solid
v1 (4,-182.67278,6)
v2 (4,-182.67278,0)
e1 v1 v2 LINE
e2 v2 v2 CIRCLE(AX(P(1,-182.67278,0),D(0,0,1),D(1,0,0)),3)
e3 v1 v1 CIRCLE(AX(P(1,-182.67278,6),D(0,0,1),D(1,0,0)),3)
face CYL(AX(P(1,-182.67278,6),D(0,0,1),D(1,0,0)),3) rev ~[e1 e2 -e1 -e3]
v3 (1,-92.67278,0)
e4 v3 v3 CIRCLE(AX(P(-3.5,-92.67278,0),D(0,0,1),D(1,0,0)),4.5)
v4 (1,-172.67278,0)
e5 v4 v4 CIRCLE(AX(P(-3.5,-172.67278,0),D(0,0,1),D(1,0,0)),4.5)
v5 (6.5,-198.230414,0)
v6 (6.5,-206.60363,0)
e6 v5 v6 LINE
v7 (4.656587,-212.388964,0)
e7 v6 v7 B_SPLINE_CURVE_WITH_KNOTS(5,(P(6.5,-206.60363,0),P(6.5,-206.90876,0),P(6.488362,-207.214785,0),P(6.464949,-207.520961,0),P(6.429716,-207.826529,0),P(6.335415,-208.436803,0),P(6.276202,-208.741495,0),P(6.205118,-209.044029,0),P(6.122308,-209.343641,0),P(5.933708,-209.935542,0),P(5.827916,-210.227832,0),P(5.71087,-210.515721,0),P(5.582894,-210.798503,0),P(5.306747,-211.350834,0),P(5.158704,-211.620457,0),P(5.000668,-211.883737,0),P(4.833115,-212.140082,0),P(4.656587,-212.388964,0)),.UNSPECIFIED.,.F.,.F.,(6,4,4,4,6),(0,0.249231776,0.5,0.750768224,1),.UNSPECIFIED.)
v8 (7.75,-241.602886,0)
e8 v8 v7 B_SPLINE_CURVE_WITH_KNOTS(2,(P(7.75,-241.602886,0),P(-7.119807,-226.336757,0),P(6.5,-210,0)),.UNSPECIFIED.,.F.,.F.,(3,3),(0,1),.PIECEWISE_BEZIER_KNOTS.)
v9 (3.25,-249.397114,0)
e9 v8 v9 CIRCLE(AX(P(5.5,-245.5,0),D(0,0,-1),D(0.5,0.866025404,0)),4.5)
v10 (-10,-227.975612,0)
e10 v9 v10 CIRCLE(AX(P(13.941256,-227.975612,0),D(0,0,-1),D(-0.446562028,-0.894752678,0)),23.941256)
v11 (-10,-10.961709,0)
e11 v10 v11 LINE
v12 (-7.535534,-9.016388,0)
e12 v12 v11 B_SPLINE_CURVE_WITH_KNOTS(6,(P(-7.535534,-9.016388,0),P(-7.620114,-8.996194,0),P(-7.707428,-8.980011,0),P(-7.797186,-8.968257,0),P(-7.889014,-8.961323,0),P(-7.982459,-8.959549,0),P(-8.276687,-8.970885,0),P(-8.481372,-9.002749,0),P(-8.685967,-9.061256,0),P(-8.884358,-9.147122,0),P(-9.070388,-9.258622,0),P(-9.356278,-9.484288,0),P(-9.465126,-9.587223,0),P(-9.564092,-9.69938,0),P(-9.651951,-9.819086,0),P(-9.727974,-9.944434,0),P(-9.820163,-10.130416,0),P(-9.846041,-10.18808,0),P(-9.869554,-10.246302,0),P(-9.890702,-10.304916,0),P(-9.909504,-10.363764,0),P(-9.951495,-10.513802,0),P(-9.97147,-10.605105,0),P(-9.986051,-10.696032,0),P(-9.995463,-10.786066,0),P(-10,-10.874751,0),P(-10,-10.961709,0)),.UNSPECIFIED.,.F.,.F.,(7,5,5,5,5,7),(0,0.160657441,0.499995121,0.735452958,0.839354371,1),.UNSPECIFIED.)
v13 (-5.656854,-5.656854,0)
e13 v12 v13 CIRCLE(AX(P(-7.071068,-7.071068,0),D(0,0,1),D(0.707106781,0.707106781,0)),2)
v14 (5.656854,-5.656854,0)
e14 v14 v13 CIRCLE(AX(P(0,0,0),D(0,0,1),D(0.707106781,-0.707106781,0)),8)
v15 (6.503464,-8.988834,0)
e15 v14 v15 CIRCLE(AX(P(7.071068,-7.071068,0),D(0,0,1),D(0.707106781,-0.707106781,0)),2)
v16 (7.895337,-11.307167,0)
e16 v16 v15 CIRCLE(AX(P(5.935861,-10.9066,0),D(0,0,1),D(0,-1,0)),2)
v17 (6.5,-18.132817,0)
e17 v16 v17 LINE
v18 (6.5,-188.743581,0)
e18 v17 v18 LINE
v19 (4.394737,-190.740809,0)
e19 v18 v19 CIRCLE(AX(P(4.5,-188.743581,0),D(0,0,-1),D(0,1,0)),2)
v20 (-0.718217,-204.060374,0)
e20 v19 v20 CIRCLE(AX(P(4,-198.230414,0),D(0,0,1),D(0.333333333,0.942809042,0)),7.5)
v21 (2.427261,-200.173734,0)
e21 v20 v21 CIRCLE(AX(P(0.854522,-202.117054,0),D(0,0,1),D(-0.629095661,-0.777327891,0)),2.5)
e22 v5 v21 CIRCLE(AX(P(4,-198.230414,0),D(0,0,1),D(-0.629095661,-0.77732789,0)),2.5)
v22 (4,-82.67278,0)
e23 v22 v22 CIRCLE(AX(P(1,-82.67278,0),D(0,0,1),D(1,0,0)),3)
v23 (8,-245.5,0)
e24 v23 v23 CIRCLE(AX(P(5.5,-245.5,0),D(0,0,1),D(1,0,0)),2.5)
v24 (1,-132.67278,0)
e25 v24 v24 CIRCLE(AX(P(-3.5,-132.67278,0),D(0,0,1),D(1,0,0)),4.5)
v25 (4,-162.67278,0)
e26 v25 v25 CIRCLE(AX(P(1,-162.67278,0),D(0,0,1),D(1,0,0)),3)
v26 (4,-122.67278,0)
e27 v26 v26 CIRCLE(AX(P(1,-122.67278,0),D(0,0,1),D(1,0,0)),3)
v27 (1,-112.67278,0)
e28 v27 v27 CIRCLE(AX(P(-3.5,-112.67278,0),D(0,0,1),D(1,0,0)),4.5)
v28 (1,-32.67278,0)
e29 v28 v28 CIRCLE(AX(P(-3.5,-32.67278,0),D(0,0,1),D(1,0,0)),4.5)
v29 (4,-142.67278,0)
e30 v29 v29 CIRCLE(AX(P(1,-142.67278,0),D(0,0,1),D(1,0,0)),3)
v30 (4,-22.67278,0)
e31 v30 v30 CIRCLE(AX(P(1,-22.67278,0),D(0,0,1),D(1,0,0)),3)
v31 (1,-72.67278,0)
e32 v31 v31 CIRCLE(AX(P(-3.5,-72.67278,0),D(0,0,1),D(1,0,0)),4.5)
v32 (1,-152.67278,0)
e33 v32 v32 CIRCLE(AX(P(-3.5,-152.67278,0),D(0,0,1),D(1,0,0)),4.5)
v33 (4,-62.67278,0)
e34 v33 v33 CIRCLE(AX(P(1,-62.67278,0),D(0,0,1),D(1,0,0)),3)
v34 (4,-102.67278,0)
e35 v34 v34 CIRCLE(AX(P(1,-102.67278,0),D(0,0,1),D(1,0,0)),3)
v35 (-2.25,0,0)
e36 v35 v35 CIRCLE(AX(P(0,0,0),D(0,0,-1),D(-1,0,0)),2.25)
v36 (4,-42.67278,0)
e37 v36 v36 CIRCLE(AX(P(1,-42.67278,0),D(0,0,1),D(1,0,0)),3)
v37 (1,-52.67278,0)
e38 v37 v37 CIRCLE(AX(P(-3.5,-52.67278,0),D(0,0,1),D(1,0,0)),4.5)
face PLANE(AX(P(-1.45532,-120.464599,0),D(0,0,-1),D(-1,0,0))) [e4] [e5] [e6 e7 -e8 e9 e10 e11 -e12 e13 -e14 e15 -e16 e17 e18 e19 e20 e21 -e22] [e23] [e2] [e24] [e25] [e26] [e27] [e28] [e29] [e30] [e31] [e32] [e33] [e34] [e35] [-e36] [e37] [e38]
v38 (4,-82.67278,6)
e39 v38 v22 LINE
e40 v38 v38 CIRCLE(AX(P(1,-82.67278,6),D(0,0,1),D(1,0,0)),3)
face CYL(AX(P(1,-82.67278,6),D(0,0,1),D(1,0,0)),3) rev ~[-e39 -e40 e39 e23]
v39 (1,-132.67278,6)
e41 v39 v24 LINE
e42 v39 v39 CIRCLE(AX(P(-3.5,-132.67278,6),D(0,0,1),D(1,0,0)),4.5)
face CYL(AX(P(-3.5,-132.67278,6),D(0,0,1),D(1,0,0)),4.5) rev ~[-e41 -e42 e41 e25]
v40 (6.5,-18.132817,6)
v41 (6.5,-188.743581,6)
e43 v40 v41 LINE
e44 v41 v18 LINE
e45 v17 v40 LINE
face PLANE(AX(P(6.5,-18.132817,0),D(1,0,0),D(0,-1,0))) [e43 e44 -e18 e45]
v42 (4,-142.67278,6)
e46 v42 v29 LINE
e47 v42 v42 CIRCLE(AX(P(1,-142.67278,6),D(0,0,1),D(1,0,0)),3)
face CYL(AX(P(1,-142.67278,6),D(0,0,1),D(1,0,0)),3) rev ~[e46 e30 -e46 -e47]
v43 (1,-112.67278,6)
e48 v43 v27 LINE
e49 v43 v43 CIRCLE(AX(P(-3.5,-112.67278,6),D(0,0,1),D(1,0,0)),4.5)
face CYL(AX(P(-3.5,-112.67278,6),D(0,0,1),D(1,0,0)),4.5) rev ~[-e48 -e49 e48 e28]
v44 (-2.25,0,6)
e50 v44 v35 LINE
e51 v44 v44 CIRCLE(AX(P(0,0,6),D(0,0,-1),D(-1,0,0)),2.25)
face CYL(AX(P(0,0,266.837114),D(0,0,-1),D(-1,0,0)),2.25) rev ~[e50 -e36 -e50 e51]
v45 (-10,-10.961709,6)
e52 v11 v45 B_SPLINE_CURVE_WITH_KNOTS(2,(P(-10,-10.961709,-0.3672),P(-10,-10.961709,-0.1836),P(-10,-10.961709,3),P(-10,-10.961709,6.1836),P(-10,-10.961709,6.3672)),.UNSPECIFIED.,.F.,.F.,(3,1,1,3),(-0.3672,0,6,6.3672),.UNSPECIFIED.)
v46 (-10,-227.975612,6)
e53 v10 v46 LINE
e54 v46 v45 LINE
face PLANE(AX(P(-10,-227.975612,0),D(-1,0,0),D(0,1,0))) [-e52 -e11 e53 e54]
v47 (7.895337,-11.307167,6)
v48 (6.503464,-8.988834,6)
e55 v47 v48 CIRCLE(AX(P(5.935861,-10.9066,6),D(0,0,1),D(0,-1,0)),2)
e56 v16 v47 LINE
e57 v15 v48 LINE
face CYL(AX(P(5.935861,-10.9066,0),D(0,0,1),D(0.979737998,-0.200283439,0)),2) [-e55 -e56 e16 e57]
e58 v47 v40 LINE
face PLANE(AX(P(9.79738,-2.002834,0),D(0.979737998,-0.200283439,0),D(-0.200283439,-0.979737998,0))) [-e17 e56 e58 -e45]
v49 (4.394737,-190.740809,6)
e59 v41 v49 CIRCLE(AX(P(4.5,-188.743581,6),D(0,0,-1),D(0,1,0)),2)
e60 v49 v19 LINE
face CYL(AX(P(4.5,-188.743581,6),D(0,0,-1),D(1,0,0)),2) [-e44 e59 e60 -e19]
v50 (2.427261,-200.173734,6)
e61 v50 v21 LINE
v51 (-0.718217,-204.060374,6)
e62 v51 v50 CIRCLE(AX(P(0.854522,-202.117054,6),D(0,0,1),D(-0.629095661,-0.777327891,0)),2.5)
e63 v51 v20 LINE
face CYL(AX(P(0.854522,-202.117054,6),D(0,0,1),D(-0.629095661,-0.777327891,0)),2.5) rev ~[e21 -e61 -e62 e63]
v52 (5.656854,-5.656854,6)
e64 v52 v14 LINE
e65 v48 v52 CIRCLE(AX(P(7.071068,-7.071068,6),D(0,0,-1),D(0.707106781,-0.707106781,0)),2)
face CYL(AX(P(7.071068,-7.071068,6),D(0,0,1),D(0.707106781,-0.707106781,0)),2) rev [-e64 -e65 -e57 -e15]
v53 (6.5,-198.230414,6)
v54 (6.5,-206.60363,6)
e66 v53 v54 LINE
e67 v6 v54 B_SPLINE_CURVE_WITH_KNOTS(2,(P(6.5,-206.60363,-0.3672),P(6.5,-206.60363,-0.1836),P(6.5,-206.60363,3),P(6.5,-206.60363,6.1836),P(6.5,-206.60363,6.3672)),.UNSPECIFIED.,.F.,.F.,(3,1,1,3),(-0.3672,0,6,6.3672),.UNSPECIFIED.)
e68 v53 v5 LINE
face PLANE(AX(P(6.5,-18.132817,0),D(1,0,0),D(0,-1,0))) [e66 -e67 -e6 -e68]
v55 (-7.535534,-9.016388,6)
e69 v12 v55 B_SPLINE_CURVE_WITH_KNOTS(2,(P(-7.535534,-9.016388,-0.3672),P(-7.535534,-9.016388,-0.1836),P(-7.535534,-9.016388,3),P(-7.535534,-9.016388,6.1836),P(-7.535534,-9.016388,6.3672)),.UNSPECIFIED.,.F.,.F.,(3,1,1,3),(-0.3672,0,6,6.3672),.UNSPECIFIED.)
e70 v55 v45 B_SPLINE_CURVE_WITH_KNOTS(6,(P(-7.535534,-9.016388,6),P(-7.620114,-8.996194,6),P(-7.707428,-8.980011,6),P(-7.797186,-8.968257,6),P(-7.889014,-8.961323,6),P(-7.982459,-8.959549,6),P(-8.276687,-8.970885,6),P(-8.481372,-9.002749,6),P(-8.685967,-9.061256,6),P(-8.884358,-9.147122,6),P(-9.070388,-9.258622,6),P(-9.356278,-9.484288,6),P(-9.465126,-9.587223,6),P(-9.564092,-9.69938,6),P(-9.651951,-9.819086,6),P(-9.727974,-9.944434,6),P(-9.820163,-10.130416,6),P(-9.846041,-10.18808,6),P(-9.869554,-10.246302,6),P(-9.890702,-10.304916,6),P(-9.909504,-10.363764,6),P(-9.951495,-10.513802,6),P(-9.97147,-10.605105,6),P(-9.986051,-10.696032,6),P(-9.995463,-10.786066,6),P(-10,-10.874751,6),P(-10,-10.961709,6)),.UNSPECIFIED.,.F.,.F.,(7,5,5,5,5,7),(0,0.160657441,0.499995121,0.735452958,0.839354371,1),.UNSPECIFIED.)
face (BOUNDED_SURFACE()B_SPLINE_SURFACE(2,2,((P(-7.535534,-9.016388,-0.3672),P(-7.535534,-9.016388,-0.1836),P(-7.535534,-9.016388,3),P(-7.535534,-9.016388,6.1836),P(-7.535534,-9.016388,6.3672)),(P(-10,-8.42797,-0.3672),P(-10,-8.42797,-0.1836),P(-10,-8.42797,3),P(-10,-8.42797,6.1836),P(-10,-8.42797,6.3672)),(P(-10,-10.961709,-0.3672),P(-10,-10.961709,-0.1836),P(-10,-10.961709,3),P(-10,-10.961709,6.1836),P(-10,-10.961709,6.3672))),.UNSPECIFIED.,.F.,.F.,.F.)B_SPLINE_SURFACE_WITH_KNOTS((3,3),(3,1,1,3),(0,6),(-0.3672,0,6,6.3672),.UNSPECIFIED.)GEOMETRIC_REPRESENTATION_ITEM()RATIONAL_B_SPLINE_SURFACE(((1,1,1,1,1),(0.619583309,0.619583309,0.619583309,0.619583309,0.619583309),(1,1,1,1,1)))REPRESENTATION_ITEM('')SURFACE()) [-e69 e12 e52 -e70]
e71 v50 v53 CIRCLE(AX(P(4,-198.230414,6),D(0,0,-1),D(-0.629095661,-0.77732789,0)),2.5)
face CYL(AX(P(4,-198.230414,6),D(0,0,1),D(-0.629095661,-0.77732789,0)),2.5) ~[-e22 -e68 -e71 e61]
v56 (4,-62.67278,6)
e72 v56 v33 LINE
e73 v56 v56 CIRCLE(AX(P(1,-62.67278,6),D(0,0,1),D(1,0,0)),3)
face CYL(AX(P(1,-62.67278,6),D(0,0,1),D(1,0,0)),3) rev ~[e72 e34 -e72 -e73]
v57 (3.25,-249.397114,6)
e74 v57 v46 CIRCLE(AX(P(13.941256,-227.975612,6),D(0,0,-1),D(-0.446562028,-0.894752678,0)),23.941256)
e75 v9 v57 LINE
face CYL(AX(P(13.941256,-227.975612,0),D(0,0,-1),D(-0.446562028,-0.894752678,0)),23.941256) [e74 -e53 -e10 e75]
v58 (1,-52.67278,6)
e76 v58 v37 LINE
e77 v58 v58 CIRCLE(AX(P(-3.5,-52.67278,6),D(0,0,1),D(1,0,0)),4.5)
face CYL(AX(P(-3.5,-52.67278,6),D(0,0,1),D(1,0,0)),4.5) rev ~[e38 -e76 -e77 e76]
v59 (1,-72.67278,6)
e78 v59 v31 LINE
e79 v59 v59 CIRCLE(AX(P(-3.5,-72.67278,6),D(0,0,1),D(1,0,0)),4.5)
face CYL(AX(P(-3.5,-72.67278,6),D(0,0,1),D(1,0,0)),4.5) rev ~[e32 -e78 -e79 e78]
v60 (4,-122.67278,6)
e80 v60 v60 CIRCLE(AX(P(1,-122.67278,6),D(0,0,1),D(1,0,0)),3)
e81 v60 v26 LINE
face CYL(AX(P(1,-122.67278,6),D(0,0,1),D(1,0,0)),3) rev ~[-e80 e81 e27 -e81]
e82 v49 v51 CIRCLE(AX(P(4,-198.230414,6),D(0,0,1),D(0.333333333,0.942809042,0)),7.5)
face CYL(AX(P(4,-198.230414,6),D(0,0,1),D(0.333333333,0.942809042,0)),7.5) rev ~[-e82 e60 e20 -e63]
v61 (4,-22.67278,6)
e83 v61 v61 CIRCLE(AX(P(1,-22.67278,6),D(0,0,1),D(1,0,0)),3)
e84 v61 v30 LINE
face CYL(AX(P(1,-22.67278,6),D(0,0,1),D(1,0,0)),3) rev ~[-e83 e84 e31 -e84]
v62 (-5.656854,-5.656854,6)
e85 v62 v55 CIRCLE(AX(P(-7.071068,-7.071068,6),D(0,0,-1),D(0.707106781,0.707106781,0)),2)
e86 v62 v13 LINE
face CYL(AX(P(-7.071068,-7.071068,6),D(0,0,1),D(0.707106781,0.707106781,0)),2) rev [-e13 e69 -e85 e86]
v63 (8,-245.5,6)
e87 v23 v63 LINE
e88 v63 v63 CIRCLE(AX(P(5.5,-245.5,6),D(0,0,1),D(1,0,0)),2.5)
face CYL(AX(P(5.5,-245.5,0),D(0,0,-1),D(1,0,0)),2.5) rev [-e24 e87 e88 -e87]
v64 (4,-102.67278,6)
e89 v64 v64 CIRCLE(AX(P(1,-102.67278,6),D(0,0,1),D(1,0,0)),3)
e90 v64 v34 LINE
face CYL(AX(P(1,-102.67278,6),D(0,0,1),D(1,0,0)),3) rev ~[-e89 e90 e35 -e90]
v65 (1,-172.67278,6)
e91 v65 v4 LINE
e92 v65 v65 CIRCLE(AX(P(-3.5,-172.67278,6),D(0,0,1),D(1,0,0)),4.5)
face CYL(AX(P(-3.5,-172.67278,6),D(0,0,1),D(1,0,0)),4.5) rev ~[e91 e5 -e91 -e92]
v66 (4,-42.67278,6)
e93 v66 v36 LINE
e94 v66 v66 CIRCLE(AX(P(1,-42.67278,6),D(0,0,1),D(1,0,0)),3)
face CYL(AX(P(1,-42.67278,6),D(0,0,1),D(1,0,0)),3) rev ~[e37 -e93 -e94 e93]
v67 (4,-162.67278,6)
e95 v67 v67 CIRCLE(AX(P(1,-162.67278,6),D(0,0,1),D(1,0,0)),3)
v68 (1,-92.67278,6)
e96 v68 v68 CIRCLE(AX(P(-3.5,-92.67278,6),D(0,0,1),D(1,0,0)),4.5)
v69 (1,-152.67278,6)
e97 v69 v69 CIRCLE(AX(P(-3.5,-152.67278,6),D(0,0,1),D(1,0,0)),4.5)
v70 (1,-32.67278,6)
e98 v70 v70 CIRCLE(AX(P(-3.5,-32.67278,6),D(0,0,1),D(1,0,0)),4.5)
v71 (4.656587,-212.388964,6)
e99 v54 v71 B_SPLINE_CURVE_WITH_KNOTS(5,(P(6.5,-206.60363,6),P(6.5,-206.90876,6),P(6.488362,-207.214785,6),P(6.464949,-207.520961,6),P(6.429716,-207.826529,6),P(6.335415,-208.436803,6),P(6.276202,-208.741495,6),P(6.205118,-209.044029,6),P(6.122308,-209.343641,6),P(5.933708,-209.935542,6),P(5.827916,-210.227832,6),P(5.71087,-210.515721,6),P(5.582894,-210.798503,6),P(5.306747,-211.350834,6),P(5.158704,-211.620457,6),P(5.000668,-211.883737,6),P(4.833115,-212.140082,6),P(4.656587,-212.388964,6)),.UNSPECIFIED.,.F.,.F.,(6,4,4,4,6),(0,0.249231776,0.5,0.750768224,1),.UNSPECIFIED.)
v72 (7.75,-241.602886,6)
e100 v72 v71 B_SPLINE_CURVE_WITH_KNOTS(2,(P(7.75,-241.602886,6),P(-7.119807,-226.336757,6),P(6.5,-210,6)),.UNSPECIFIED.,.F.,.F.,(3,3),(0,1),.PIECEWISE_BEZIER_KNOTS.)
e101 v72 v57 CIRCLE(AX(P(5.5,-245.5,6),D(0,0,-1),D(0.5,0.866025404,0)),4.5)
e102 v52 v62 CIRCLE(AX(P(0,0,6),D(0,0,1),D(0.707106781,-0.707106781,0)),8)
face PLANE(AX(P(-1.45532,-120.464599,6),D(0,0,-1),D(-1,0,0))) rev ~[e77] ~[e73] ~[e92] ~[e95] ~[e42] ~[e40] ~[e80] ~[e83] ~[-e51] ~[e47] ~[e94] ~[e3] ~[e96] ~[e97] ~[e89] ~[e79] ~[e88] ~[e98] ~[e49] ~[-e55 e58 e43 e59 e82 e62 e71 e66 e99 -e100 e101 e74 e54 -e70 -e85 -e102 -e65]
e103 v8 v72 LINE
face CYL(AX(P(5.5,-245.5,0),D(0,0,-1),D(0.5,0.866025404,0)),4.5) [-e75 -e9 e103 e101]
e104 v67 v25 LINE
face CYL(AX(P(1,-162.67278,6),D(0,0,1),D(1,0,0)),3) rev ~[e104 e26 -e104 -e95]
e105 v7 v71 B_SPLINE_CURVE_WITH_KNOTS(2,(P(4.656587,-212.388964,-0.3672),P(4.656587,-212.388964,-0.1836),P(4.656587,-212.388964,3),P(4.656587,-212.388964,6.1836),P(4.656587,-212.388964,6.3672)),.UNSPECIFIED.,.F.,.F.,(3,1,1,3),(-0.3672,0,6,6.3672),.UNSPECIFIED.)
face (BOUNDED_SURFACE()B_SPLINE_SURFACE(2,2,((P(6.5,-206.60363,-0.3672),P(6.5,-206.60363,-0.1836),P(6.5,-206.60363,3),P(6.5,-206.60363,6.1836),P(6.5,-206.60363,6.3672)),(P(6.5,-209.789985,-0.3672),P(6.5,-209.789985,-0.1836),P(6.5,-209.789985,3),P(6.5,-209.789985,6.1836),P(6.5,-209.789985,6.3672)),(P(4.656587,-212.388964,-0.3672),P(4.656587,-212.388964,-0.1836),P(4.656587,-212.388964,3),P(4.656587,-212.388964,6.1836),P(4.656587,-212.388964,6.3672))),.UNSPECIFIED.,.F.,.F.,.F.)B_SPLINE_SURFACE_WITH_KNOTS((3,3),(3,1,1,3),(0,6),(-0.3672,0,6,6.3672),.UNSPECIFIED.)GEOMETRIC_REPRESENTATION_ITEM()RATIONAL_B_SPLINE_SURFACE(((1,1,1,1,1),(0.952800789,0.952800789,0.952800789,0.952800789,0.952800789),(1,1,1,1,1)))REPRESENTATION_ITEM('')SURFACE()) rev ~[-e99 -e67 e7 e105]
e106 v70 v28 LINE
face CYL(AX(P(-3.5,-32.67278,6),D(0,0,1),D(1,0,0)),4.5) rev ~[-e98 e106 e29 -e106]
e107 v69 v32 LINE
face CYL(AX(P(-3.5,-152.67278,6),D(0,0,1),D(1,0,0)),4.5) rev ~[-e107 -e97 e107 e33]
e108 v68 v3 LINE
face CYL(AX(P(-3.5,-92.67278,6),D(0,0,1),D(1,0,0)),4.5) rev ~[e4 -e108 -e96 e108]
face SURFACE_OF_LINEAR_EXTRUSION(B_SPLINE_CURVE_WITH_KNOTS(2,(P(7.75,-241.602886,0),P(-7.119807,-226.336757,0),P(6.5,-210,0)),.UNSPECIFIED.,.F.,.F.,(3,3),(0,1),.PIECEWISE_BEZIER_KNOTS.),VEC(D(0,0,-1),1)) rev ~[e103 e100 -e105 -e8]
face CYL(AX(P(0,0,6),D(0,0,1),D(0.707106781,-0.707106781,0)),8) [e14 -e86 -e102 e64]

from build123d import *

# Parameters (mm, degrees)
SKETCH_1_R          = 2.5
EXTRUDE_1_DEPTH     = 6
CUT_EXTRUDE_1_DEPTH = 7.0000001
HOLE_WIZARD_M41_D   = 4.5
CUT_EXTRUDE_2_DEPTH = 7.0000001
FILLET_1_R          = 2
SKETCH_9_R          = 3
SKETCH_9_R_2        = 4.5
CUT_EXTRUDE_4_DEPTH = 7.0000001
FILLET_4_R          = 2
FILLET_5_R          = 10


with BuildPart() as part:
    # Эскиз1 → Бобышка-Вытянуть1 (new body)
    with BuildSketch(Plane.XY):
        with BuildLine():
            Line((6.5, -18.132817334), (6.5, -210))
            add(Edge.make_bspline(
                [(7.75, -241.602885683), (-7.119806504, -226.33675702), (6.5, -210)],
                knots=[0, 0, 0, 1, 1, 1], degree=2))
            ThreePointArc((7.75, -241.602885683), (9.397114317, -247.75), (3.25, -249.397114317))
            ThreePointArc((3.25, -249.397114317), (-6.419807766, -240.569690394), (-10, -227.975611669))
            Line((-10, -227.975611669), (-10, 0))
            ThreePointArc((-10, 0), (1.006528746, 9.949216044), (9.797379977, -2.002834391))
            Line((9.797379977, -2.002834391), (6.5, -18.132817334))
        make_face()
        with Locations((5.5, -245.5)):
            Circle(SKETCH_1_R, mode=Mode.SUBTRACT)
    extrude(amount=EXTRUDE_1_DEPTH)

    # Эскиз2 → Вырез-Вытянуть1 (cut, through all)
    with BuildSketch(Plane.XY.offset(6)):
        with BuildLine():
            Line((6.5, -198.230414456), (6.5, -191.159346644))
            ThreePointArc((6.5, -191.159346644), (-2.545169709, -194.568344894), (-0.718217458, -204.060373635))
            ThreePointArc((-0.718217458, -204.060373635), (2.797841421, -203.689793061), (2.427260847, -200.173734182))
            ThreePointArc((2.427260847, -200.173734182), (2.923396053, -195.974106866), (6.5, -198.230414456))
        make_face()
    extrude(amount=-CUT_EXTRUDE_1_DEPTH, mode=Mode.SUBTRACT)

    # Отверстие с зазором M41 (through all)
    with Locations(Plane.XY.offset(6)):
        with Locations((0, 0)):
            Hole(HOLE_WIZARD_M41_D / 2)

    # Эскиз6 → Вырез-Вытянуть2 (cut, through all)
    with BuildSketch(Plane.XY.offset(6)):
        with BuildLine():
            ThreePointArc((5.656854249, -5.656854249), (0, 8), (-5.656854249, -5.656854249))
            ThreePointArc((-5.656854249, -5.656854249), (-5.656854249, -8.485281374), (-8.485281374, -8.485281374))
            ThreePointArc((-8.485281374, -8.485281374), (0, 12), (8.485281374, -8.485281374))
            ThreePointArc((8.485281374, -8.485281374), (5.656854249, -8.485281374), (5.656854249, -5.656854249))
        make_face()
    extrude(amount=-CUT_EXTRUDE_2_DEPTH, mode=Mode.SUBTRACT)

    # Скругление1
    fillet_1_edges = [part.edges().sort_by_distance(p)[0] for p in [
        (8.468890039, -8.501484892, 3),
        (-10, -6.633249581, 3),
    ]]
    fillet(fillet_1_edges, radius=FILLET_1_R)

    # Эскиз9 → Вырез-Вытянуть4 (cut, through all)
    with BuildSketch(Plane.XY.offset(6)):
        with Locations((1, -22.672779762)):
            Circle(SKETCH_9_R)
        with Locations((1, -42.672779762)):
            Circle(SKETCH_9_R)
        with Locations((1, -62.672779762)):
            Circle(SKETCH_9_R)
        with Locations((1, -82.672779762)):
            Circle(SKETCH_9_R)
        with Locations((1, -102.672779762)):
            Circle(SKETCH_9_R)
        with Locations((1, -122.672779762)):
            Circle(SKETCH_9_R)
        with Locations((1, -142.672779762)):
            Circle(SKETCH_9_R)
        with Locations((1, -162.672779762)):
            Circle(SKETCH_9_R)
        with Locations((1, -182.672779762)):
            Circle(SKETCH_9_R)
        with Locations((-3.5, -32.672779762)):
            Circle(SKETCH_9_R_2)
        with Locations((-3.5, -52.672779762)):
            Circle(SKETCH_9_R_2)
        with Locations((-3.5, -72.672779762)):
            Circle(SKETCH_9_R_2)
        with Locations((-3.5, -92.672779762)):
            Circle(SKETCH_9_R_2)
        with Locations((-3.5, -112.672779762)):
            Circle(SKETCH_9_R_2)
        with Locations((-3.5, -132.672779762)):
            Circle(SKETCH_9_R_2)
        with Locations((-3.5, -152.672779762)):
            Circle(SKETCH_9_R_2)
        with Locations((-3.5, -172.672779762)):
            Circle(SKETCH_9_R_2)
    extrude(amount=-CUT_EXTRUDE_4_DEPTH, mode=Mode.SUBTRACT)

    # Скругление4
    fillet_4_edges = [part.edges().sort_by_distance(p)[0] for p in [
        (6.5, -191.159346644, 3),
    ]]
    fillet(fillet_4_edges, radius=FILLET_4_R)

    # Скругление5
    fillet_5_edges = [part.edges().sort_by_distance(p)[0] for p in [
        (6.5, -210, 3),
    ]]
    fillet(fillet_5_edges, radius=FILLET_5_R)


solid = part.part
